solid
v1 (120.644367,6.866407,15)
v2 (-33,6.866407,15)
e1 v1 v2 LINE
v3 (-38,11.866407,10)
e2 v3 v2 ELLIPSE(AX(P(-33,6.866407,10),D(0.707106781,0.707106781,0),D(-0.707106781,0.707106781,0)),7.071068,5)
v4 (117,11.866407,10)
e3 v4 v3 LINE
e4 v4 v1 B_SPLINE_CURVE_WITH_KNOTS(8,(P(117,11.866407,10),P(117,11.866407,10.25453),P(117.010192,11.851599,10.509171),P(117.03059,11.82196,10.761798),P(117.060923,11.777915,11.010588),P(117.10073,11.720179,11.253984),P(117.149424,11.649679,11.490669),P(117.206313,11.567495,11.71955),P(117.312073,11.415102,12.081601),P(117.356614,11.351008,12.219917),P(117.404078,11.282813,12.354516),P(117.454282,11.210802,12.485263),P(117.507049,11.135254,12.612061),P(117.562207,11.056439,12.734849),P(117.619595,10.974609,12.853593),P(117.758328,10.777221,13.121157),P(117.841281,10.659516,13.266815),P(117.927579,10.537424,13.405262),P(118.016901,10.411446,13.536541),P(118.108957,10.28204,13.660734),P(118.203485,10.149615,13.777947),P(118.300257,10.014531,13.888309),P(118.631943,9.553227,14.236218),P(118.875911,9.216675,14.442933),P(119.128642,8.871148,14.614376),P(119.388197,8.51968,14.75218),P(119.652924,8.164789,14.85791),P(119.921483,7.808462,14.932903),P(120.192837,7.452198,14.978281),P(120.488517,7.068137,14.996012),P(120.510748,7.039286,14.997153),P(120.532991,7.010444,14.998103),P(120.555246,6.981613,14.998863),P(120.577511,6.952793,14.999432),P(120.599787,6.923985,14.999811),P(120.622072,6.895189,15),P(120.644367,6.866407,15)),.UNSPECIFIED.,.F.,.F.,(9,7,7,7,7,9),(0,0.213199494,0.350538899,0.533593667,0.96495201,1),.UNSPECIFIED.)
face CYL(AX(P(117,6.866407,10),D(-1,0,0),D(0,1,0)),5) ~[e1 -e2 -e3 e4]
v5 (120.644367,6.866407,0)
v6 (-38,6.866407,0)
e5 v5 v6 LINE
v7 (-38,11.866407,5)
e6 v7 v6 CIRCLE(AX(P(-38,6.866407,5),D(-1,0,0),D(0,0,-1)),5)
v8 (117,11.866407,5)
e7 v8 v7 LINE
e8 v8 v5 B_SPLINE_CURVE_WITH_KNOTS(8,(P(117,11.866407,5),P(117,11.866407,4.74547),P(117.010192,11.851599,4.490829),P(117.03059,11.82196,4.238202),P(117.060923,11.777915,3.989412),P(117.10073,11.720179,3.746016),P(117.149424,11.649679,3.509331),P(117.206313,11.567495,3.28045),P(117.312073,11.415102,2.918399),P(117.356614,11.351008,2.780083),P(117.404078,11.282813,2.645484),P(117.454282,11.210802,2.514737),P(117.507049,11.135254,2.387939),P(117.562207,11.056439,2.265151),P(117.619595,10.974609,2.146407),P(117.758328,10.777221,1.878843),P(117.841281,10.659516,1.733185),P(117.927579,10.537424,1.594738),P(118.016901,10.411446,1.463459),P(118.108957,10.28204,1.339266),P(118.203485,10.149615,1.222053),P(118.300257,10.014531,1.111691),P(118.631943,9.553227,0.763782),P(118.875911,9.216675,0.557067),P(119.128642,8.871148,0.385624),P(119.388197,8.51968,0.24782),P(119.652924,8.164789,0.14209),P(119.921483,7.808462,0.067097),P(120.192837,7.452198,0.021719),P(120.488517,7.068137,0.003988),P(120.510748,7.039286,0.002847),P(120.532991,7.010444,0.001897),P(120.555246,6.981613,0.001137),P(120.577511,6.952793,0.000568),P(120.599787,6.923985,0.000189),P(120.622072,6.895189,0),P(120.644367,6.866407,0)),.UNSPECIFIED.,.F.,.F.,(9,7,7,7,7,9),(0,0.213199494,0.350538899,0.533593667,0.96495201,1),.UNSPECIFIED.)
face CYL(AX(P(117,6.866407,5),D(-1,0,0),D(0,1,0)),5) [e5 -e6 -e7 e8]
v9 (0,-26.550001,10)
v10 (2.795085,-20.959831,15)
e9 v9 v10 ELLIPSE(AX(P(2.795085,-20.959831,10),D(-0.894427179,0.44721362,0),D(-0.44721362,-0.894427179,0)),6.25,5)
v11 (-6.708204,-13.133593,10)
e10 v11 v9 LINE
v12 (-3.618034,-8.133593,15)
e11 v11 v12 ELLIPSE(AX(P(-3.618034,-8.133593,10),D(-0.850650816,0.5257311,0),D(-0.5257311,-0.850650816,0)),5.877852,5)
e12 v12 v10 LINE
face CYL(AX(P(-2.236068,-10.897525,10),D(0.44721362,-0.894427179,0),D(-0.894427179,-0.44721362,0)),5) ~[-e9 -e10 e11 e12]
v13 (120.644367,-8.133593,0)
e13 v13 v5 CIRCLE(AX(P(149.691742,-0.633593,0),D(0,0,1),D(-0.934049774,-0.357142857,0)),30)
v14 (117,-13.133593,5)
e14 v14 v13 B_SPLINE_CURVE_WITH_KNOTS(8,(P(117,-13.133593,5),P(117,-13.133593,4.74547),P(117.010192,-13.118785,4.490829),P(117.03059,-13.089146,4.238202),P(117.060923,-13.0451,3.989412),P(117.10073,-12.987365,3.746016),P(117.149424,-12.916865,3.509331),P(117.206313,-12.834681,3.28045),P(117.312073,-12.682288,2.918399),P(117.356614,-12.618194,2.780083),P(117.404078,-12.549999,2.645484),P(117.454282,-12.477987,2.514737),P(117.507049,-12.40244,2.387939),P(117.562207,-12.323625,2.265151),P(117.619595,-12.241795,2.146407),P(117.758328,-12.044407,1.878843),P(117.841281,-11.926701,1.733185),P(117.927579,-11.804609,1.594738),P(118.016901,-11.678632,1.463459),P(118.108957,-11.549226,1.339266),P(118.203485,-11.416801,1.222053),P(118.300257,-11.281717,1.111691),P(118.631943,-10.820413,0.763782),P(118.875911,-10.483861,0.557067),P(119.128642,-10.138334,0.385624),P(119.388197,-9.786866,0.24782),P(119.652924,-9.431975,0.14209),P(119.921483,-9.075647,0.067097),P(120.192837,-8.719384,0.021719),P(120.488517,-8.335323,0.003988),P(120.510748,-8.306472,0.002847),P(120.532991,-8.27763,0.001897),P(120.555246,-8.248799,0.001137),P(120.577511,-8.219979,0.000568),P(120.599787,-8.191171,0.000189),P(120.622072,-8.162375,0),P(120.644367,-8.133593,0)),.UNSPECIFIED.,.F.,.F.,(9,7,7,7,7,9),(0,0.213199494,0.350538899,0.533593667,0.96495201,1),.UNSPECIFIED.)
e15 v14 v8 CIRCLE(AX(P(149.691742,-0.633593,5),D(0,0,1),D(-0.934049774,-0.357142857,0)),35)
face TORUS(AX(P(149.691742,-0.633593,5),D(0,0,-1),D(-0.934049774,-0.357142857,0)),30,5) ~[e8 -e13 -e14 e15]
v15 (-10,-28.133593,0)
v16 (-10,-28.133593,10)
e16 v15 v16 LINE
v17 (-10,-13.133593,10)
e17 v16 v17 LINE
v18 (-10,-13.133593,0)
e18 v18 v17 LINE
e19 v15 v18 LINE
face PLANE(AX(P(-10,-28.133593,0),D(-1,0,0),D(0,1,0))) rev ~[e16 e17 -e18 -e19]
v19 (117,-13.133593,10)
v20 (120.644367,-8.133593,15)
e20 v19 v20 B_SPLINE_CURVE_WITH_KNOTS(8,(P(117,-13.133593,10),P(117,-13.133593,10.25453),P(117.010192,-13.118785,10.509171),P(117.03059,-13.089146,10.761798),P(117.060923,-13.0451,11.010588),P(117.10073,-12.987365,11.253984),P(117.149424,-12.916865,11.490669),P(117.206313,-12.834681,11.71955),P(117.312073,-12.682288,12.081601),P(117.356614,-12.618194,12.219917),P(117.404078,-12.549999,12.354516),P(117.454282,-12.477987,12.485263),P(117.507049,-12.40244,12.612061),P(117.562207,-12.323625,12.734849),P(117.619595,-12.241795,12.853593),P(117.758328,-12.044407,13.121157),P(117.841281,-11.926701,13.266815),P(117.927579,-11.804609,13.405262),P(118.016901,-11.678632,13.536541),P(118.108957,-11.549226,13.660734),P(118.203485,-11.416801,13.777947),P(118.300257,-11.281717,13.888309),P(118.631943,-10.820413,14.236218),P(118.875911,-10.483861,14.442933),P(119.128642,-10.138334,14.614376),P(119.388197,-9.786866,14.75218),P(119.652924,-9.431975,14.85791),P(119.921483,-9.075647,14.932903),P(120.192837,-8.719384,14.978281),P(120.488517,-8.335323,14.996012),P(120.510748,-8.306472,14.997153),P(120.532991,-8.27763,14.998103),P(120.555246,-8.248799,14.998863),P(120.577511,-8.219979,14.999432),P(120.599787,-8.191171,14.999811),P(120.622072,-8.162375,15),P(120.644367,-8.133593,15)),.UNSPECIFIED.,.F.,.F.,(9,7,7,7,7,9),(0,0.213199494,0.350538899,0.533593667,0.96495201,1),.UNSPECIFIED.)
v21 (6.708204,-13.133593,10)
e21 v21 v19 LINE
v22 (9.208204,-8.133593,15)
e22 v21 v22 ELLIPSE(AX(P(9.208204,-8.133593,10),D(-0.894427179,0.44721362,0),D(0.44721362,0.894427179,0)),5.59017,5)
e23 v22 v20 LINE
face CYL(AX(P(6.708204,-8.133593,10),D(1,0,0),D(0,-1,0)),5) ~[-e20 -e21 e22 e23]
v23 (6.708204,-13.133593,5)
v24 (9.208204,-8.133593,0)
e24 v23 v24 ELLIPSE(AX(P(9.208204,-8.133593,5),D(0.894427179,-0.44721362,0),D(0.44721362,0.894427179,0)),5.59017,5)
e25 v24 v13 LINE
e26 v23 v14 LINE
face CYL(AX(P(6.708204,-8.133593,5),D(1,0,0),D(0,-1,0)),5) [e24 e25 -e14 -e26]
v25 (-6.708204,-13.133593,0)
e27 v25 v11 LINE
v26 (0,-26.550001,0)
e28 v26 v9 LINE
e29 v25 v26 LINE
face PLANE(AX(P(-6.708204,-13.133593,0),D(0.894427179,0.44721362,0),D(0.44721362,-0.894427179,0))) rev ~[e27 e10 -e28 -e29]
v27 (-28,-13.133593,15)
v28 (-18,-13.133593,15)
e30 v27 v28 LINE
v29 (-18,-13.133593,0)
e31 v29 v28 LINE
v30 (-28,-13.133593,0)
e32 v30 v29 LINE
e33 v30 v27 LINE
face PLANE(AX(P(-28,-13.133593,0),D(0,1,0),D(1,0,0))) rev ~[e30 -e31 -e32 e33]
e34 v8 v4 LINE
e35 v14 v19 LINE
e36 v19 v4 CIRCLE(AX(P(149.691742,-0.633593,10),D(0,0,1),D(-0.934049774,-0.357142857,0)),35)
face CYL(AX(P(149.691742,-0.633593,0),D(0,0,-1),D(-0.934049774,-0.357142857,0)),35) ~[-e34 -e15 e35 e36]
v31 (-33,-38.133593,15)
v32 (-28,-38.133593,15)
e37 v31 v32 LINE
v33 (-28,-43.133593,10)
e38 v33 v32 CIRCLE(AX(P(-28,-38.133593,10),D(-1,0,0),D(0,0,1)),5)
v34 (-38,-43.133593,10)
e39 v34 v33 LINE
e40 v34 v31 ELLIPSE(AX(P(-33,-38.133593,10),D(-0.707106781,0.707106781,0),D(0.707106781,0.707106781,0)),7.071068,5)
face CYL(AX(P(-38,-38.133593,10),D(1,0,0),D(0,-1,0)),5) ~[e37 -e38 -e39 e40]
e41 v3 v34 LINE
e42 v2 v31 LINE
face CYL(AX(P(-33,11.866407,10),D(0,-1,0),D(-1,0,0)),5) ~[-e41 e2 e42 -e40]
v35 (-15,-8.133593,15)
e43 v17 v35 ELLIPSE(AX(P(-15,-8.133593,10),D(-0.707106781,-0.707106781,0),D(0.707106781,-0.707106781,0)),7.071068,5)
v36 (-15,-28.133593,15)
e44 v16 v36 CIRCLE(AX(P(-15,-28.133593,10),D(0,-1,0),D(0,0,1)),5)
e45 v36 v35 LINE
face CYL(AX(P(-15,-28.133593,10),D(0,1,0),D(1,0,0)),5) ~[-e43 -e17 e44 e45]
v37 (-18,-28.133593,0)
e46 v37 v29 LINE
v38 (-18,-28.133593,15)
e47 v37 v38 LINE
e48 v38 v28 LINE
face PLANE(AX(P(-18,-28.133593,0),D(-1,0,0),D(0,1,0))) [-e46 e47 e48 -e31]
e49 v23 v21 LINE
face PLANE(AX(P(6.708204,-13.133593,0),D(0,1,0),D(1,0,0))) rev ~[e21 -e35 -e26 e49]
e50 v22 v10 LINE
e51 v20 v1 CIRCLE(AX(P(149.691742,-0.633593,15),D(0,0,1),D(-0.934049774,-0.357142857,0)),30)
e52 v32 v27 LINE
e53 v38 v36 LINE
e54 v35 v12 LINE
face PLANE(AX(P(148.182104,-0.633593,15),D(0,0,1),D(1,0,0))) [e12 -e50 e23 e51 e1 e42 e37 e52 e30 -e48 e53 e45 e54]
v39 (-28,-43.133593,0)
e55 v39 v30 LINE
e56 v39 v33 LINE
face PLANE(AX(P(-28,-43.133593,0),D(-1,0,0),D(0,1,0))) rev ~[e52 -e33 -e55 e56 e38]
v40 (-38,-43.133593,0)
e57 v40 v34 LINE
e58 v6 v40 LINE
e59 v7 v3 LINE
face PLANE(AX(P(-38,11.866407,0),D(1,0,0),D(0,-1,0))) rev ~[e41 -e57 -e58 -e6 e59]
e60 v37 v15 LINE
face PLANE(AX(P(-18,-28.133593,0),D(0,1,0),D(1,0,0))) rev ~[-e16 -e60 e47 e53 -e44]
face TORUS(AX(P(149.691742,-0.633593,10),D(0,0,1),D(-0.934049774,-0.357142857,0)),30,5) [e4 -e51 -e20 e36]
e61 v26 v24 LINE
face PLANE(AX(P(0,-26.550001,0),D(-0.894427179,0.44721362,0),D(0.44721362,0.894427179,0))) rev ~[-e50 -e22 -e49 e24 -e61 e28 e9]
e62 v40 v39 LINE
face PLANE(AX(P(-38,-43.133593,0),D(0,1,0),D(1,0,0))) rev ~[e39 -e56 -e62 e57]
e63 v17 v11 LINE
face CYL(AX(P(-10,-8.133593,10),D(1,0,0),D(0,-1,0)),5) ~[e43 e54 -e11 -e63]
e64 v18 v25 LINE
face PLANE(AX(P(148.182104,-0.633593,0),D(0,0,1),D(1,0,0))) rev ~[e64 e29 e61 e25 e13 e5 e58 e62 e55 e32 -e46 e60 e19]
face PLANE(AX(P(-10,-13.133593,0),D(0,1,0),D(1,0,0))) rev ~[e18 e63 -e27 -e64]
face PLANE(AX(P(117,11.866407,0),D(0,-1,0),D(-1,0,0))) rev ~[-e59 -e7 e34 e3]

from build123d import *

# Parameters (mm, degrees)
F0_W     = 10
F0_H     = 30
F0_W_2   = 8
F0_H_2   = 15
F1_DEPTH = 15
F2_R     = 5


with BuildPart() as f1:
    # F0 (on Top) → F1 (new body)
    with BuildSketch(Plane.XY):
        with BuildLine():
            ThreePointArc((117, -13.1335928523), (184.6917420766, -0.6335928523), (117, 11.8664071477))
            Line((117, 11.8664071477), (117, -0.5232350183))
            Line((117, -0.5232350183), (117, -13.1335928523))
        make_face()
        with BuildLine():
            ThreePointArc((167.1917420766, -0.6335928523), (149.6622047421, -18.133567925), (132.1918417856, -0.5745182675))
            ThreePointArc((132.1918417856, -0.5745182675), (149.721279411, 16.8663822204), (167.1917420766, -0.6335928523))
        make_face(mode=Mode.SUBTRACT)
        Polygon((117, -0.5232350183), (-38, 0), (-38, -13.1335928523), (-28, -13.1335928523), (-18, -13.1335928523), (-10, -13.1335928523), (-6.7082043002, -13.1335928523), (6.7082043002, -13.1335928523), (117, -13.1335928523), align=None)
        Polygon((117, 11.8664071477), (-38, 11.8664071477), (-38, 0), (117, -0.5232350183), align=None)
        with BuildLine():
            ThreePointArc((167.1917420766, -0.6335928523), (149.721279411, 16.8663822204), (132.1918417856, -0.5745182675))
            ThreePointArc((132.1918417856, -0.5745182675), (149.6622047421, -18.133567925), (167.1917420766, -0.6335928523))
        make_face()
        with Locations((-33, -28.1335928523)):
            Rectangle(F0_W, F0_H)
        with Locations((-14, -20.6335928523)):
            Rectangle(F0_W_2, F0_H_2)
        Polygon((0, -26.5500005335), (6.7082043002, -13.1335928523), (-6.7082043002, -13.1335928523), align=None)
    extrude(amount=F1_DEPTH)

    # F2
    f2_edges = [f1.edges().sort_by_distance(p)[0] for p in [
        (39.5, 11.866407, 15),
        (61.854102, -13.133593, 15),
        (184.691742, -0.633593, 15),
        (-3.354102, -19.841797, 15),
        (-8.354102, -13.133593, 15),
        (-10, -20.633593, 15),
        (-33, -43.133593, 15),
        (-38, -15.633593, 15),
        (39.5, 11.866407, 0),
        (184.691742, -0.633593, 0),
        (61.854102, -13.133593, 0),
    ]]
    fillet(f2_edges, radius=F2_R)


solid = f1.part
